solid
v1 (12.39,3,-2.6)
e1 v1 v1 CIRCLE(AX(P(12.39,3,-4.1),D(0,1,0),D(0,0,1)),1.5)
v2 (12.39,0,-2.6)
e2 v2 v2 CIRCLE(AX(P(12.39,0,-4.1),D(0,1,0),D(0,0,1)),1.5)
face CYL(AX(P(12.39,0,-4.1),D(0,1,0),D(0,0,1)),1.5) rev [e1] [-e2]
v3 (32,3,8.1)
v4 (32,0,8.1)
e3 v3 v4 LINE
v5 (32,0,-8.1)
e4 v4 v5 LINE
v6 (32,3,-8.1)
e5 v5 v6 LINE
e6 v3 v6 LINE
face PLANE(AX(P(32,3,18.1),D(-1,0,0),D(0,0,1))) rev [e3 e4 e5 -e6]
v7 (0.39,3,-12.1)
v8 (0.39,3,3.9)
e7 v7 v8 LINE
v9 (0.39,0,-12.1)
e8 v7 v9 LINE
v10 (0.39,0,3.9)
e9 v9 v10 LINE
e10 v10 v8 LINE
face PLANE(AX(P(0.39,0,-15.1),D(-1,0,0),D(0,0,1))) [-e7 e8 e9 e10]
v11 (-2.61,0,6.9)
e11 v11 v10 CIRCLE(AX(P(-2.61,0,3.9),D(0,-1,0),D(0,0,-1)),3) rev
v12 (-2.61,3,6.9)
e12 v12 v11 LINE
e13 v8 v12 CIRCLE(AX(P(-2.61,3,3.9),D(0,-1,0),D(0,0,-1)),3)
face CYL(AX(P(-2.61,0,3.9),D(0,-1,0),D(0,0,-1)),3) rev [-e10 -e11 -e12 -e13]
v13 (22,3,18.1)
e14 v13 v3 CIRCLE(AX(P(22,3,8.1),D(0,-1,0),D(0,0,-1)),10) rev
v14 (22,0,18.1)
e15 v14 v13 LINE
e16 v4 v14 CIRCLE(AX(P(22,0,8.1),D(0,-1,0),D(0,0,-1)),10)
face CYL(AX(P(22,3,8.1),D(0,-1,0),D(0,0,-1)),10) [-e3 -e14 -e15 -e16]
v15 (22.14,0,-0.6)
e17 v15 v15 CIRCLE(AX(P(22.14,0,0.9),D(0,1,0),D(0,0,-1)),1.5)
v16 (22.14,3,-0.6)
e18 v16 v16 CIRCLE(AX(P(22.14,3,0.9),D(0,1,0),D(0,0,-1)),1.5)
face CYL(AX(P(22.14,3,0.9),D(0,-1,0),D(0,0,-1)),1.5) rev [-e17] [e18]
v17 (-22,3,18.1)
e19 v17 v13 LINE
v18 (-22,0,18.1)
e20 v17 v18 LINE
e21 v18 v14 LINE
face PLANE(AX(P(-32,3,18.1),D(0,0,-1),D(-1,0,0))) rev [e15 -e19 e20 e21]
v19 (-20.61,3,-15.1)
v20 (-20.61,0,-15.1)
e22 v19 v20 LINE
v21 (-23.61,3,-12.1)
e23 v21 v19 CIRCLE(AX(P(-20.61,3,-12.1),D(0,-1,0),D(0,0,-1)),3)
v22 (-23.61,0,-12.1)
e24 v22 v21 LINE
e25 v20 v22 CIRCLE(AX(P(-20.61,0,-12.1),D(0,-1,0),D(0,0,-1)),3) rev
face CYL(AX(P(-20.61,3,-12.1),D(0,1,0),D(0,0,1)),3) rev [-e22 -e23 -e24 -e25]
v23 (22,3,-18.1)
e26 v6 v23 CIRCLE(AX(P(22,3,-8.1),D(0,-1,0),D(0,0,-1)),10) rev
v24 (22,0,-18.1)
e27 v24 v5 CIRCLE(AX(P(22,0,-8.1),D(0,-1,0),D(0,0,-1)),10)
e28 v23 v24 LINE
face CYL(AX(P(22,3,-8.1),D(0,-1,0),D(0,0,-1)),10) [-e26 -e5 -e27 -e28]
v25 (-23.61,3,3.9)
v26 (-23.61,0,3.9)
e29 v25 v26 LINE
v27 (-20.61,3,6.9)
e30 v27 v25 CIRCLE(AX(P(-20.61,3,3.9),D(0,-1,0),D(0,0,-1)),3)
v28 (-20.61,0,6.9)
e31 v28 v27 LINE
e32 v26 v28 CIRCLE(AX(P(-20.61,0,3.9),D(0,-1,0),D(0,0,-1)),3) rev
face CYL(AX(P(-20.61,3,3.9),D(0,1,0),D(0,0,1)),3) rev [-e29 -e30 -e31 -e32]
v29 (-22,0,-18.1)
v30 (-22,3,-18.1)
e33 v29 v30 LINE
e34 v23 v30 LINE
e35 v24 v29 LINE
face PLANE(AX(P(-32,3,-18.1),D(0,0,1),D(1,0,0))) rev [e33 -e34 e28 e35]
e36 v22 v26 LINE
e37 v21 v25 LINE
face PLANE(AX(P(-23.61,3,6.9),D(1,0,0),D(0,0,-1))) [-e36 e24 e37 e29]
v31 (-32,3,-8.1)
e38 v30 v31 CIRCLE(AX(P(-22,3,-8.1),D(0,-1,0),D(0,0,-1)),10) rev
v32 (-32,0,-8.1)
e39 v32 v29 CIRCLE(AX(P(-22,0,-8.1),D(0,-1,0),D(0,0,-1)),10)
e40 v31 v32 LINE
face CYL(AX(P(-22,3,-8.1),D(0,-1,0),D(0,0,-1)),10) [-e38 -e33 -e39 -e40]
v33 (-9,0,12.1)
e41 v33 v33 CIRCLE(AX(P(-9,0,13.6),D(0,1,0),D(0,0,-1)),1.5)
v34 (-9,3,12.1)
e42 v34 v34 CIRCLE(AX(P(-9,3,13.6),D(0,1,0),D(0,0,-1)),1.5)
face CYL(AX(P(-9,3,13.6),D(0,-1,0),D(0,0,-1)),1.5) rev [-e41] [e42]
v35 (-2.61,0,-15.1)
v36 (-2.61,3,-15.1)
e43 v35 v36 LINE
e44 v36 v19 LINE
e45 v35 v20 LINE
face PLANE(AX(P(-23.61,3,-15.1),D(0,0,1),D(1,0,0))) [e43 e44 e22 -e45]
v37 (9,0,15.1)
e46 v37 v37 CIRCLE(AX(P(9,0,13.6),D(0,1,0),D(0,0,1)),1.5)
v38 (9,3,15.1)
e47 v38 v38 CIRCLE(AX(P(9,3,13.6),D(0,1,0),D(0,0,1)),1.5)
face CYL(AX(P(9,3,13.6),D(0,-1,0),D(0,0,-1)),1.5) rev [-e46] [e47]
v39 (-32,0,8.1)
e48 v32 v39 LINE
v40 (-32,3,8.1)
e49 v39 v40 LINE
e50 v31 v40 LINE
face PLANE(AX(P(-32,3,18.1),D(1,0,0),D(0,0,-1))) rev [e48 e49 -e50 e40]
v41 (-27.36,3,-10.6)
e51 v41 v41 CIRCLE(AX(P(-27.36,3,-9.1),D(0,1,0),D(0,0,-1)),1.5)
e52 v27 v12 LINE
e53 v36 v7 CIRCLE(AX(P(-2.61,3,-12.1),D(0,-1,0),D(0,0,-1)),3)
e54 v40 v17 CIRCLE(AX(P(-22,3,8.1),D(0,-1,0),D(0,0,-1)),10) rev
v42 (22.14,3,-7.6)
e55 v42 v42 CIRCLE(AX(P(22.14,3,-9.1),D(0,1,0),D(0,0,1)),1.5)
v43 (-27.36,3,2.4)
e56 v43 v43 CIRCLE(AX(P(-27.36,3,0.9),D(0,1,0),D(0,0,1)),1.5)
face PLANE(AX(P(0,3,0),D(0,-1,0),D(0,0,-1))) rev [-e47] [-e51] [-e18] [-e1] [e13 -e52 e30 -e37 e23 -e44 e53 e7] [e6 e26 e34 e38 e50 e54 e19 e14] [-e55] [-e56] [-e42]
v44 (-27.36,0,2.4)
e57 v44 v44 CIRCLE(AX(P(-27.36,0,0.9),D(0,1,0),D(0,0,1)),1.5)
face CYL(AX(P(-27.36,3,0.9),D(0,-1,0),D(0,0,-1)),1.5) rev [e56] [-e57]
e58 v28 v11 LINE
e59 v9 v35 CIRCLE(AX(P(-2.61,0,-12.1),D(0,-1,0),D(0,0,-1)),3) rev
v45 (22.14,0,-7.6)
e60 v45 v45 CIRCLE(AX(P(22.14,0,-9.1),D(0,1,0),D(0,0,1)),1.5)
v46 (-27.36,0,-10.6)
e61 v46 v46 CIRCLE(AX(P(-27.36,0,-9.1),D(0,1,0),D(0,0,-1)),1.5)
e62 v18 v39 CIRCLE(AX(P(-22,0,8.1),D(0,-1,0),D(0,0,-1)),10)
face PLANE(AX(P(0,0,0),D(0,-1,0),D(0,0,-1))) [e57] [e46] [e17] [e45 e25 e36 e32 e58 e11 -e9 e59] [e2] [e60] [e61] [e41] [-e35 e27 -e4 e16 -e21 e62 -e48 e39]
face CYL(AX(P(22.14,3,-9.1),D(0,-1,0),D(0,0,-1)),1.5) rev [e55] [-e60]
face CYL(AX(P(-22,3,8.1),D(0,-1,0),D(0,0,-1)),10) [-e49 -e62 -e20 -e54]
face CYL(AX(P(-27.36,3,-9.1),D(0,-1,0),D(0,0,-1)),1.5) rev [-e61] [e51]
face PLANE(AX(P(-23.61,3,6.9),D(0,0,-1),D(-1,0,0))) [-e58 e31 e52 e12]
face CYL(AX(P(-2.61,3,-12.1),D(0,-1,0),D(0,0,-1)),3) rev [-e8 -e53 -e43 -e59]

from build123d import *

# Parameters (mm, degrees)
SKETCH_1_W          = 64
SKETCH_1_H          = 36.2
SKETCH_1_R          = 1.5
SKETCH_1_W_2        = 42
SKETCH_1_H_2        = 22
EXTRUDE_1_DEPTH     = 3
SKETCH_2_W          = 18
SKETCH_2_H          = 22
EXTRUDE_2_DEPTH     = 3
SKETCH_3_R          = 1.5
CUT_EXTRUDE_1_DEPTH = 3
FILLET_1_R          = 10
FILLET_2_R          = 3


with BuildPart() as part:
    # 草图1 → 凸台-拉伸1 (new body)
    with BuildSketch(Plane(origin=(0, 0, 0), x_dir=(1, 0, 0), z_dir=(0, 1, 0))):
        Rectangle(SKETCH_1_W, SKETCH_1_H)
        with Locations(Location((22.14, 9.1, 0), (0, 0, 270))):
            Circle(SKETCH_1_R, mode=Mode.SUBTRACT)
        with Locations(Location((22.14, -0.9, 0), (0, 0, 90))):
            Circle(SKETCH_1_R, mode=Mode.SUBTRACT)
        with Locations(Location((-27.36, -0.9, 0), (0, 0, 270))):
            Circle(SKETCH_1_R, mode=Mode.SUBTRACT)
        with Locations(Location((-27.36, 9.1, 0), (0, 0, 90))):
            Circle(SKETCH_1_R, mode=Mode.SUBTRACT)
        with Locations(Location((9, -13.6, 0), (0, 0, 270))):
            Circle(SKETCH_1_R, mode=Mode.SUBTRACT)
        with Locations(Location((-9, -13.6, 0), (0, 0, 90))):
            Circle(SKETCH_1_R, mode=Mode.SUBTRACT)
        with Locations((-2.61, 4.1)):
            Rectangle(SKETCH_1_W_2, SKETCH_1_H_2, mode=Mode.SUBTRACT)
    extrude(amount=EXTRUDE_1_DEPTH)

    # 草图2 → 凸台-拉伸2 (add)
    with BuildSketch(Plane(origin=(0, 3, 0), x_dir=(1, 0, 0), z_dir=(0, 1, 0))):
        with Locations((9.39, 4.1)):
            Rectangle(SKETCH_2_W, SKETCH_2_H)
    extrude(amount=-EXTRUDE_2_DEPTH)

    # 草图3 → 切除-拉伸1 (cut)
    with BuildSketch(Plane(origin=(0, 3, 0), x_dir=(1, 0, 0), z_dir=(0, 1, 0))):
        with Locations(Location((12.39, 4.1, 0), (0, 0, 270))):
            Circle(SKETCH_3_R)
    extrude(amount=-CUT_EXTRUDE_1_DEPTH, mode=Mode.SUBTRACT)

    # 圆角1
    fillet_1_edges = [part.edges().sort_by_distance(p)[0] for p in [
        (32, 1.5, 18.1),
        (-32, 1.5, 18.1),
        (-32, 1.5, -18.1),
        (32, 1.5, -18.1),
    ]]
    fillet(fillet_1_edges, radius=FILLET_1_R)

    # 圆角2
    fillet_2_edges = [part.edges().sort_by_distance(p)[0] for p in [
        (-23.61, 1.5, -15.1),
        (-23.61, 1.5, 6.9),
        (0.39, 1.5, -15.1),
        (0.39, 1.5, 6.9),
    ]]
    fillet(fillet_2_edges, radius=FILLET_2_R)


solid = part.part
